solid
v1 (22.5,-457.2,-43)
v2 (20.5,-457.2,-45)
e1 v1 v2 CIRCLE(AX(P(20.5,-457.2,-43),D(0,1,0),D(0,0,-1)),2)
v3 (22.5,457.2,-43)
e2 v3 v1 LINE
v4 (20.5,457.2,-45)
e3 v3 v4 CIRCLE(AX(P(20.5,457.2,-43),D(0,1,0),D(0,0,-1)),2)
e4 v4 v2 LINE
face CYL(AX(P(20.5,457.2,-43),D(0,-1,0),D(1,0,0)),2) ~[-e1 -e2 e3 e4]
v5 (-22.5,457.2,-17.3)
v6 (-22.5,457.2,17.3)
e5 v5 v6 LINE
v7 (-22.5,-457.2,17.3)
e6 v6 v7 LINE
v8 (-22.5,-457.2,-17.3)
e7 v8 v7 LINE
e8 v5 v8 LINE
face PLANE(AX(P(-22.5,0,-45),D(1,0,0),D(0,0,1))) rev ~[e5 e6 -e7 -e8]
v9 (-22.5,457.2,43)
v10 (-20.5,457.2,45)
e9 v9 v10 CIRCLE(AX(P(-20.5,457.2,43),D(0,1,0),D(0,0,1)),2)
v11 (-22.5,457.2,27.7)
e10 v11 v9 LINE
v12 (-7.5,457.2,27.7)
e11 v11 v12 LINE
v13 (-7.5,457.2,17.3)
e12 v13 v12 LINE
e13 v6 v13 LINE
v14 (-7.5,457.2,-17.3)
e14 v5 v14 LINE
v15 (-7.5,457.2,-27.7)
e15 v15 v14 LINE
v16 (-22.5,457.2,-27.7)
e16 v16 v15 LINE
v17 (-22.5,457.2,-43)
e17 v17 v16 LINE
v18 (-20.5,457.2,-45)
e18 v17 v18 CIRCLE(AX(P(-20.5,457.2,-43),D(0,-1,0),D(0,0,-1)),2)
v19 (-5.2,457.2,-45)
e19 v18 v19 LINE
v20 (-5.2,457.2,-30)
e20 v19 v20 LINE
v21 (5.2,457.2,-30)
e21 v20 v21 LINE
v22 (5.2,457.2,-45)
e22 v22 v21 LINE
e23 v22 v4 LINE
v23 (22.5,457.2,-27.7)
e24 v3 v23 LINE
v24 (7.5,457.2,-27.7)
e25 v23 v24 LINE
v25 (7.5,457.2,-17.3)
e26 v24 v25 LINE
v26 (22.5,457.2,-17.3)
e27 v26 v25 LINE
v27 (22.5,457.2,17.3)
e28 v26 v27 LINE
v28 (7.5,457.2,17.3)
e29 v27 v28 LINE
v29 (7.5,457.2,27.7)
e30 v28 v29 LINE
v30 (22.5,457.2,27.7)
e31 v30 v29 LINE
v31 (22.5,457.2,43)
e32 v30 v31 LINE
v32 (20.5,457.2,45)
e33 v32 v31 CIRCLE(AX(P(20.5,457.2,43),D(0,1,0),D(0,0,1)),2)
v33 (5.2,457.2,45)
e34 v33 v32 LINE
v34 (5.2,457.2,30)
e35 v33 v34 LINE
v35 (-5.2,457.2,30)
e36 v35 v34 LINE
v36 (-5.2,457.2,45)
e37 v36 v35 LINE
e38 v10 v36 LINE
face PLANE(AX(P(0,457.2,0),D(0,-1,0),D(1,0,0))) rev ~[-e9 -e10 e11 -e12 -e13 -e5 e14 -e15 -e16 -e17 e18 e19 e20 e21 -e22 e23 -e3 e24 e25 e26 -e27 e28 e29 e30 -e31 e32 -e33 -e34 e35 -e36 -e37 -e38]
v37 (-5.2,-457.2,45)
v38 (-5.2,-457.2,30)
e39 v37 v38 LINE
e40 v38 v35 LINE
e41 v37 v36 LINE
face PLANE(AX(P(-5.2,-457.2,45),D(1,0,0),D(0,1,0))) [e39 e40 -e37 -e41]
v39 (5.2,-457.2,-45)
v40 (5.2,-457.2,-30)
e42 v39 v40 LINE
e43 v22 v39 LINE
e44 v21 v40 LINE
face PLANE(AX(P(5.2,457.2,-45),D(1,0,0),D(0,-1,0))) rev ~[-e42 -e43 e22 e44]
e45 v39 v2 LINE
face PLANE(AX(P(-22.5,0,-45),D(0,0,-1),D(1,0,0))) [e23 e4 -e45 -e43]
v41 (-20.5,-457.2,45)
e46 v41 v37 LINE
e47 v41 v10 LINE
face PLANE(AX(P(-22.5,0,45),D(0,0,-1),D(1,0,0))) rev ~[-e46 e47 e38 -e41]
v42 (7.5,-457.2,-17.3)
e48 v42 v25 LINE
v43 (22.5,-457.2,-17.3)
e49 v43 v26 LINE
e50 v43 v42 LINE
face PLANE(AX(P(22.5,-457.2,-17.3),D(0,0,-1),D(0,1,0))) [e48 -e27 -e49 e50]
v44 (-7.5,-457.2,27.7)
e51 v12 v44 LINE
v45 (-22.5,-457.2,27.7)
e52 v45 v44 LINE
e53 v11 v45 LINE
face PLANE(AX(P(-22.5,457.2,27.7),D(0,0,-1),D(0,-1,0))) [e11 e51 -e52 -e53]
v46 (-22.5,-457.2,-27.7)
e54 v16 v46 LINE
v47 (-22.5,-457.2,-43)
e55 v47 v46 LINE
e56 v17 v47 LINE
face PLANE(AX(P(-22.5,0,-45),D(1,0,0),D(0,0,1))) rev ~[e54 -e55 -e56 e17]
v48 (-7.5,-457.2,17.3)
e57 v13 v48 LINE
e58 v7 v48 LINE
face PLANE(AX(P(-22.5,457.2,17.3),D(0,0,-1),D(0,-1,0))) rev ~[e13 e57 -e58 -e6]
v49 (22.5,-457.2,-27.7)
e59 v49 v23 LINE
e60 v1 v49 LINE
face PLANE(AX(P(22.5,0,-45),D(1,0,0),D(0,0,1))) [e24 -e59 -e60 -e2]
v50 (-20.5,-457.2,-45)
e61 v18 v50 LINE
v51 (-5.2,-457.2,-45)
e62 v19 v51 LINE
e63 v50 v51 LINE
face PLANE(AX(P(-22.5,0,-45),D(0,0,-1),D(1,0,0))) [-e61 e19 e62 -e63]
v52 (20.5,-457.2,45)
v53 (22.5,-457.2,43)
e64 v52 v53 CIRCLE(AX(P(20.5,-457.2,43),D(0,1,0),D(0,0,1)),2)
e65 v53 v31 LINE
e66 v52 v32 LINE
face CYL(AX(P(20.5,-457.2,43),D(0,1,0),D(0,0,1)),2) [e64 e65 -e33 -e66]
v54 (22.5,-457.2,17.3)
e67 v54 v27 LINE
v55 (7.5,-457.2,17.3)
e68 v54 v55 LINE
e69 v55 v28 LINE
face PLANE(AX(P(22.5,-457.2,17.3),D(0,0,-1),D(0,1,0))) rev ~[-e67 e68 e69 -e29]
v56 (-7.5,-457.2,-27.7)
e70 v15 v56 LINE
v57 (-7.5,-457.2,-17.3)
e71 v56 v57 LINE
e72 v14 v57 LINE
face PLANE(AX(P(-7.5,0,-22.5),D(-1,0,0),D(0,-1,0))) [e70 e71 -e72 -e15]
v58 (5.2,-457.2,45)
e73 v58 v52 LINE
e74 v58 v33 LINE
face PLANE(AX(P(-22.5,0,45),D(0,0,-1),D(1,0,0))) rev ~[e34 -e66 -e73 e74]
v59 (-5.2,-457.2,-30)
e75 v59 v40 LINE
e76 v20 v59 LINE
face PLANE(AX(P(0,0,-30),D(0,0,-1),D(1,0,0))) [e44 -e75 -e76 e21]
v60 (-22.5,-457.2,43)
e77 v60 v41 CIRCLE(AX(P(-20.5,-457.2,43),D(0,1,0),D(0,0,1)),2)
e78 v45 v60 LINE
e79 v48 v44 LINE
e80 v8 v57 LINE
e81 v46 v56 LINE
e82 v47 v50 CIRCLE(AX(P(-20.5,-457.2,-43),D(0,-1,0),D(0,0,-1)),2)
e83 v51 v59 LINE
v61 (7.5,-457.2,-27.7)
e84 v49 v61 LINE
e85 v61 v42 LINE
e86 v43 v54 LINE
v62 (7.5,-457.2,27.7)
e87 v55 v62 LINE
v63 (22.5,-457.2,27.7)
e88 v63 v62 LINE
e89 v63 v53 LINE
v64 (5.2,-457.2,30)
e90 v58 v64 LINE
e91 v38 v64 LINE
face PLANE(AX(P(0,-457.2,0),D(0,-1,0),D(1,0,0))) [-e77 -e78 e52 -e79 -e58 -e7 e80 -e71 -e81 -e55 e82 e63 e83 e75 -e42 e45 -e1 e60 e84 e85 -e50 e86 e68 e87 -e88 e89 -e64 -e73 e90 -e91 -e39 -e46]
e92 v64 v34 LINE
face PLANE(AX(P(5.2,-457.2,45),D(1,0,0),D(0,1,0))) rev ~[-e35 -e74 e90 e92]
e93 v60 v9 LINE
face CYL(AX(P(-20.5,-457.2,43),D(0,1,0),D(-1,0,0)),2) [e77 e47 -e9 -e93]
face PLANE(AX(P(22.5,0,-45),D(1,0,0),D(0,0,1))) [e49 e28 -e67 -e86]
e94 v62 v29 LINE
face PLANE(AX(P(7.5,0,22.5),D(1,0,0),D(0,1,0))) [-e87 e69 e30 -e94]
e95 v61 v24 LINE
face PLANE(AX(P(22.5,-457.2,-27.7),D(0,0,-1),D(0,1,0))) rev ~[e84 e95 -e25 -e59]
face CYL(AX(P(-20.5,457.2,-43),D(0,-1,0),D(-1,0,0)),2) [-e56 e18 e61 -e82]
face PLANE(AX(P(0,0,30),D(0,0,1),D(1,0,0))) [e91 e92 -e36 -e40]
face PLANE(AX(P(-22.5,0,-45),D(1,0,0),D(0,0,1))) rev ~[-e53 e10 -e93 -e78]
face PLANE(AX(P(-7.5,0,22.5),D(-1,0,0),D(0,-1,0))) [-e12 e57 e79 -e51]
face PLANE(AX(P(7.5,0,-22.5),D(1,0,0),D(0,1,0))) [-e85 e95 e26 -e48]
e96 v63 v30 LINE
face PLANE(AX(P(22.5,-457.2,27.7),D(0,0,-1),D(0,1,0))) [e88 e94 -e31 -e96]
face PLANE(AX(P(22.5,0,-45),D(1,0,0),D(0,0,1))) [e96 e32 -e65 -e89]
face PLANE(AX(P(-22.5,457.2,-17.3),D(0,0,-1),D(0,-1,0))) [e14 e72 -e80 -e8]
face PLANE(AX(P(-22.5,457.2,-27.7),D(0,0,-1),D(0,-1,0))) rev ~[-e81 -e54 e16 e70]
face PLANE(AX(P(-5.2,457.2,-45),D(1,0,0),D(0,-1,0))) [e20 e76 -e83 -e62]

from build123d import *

# Parameters (mm, degrees)
F0_W     = 45
F0_H     = 90
F1_DEPTH = 457.2
F2_W     = 914.4
F2_H     = 10.4
F3_DEPTH = 15
F4_W     = 914.4
F4_H     = 10.4
F5_DEPTH = 15
F6_W     = 10.4
F6_H     = 914.4
F7_DEPTH = 15
F8_W     = 10.4
F8_H     = 914.4
F9_DEPTH = 15
F10_R    = 2


with BuildPart() as f1:
    # F0 (on Front) → F1 (new body, symmetric)
    with BuildSketch(Plane.XZ):
        Rectangle(F0_W, F0_H)
    extrude(amount=F1_DEPTH, both=True)

    # F2 (on face) → F3 (cut)
    with BuildSketch(Plane.YZ.offset(22.5)):
        with Locations((0, 22.5)):
            Rectangle(F2_W, F2_H)
        with Locations((0, -22.5)):
            Rectangle(F2_W, F2_H)
    extrude(amount=-F3_DEPTH, mode=Mode.SUBTRACT)

    # F4 (on face) → F5 (cut)
    with BuildSketch(Plane(origin=(-22.5, 0, 0), x_dir=(0, -1, 0), z_dir=(-1, 0, 0))):
        with Locations((0, 22.5)):
            Rectangle(F4_W, F4_H)
        with Locations((0, -22.5)):
            Rectangle(F4_W, F4_H)
    extrude(amount=-F5_DEPTH, mode=Mode.SUBTRACT)

    # F6 (on face) → F7 (cut)
    with BuildSketch(Plane.XY.offset(45)):
        Rectangle(F6_W, F6_H)
    extrude(amount=-F7_DEPTH, mode=Mode.SUBTRACT)

    # F8 (on face) → F9 (cut)
    with BuildSketch(Plane(origin=(0, 0, -45), x_dir=(1, 0, 0), z_dir=(0, 0, -1))):
        Rectangle(F8_W, F8_H)
    extrude(amount=-F9_DEPTH, mode=Mode.SUBTRACT)

    # F10
    f10_edges = [f1.edges().sort_by_distance(p)[0] for p in [
        (22.5, 0, 45),
        (-22.5, 0, 45),
        (22.5, 0, -45),
        (-22.5, 0, -45),
    ]]
    fillet(f10_edges, radius=F10_R)


solid = f1.part
